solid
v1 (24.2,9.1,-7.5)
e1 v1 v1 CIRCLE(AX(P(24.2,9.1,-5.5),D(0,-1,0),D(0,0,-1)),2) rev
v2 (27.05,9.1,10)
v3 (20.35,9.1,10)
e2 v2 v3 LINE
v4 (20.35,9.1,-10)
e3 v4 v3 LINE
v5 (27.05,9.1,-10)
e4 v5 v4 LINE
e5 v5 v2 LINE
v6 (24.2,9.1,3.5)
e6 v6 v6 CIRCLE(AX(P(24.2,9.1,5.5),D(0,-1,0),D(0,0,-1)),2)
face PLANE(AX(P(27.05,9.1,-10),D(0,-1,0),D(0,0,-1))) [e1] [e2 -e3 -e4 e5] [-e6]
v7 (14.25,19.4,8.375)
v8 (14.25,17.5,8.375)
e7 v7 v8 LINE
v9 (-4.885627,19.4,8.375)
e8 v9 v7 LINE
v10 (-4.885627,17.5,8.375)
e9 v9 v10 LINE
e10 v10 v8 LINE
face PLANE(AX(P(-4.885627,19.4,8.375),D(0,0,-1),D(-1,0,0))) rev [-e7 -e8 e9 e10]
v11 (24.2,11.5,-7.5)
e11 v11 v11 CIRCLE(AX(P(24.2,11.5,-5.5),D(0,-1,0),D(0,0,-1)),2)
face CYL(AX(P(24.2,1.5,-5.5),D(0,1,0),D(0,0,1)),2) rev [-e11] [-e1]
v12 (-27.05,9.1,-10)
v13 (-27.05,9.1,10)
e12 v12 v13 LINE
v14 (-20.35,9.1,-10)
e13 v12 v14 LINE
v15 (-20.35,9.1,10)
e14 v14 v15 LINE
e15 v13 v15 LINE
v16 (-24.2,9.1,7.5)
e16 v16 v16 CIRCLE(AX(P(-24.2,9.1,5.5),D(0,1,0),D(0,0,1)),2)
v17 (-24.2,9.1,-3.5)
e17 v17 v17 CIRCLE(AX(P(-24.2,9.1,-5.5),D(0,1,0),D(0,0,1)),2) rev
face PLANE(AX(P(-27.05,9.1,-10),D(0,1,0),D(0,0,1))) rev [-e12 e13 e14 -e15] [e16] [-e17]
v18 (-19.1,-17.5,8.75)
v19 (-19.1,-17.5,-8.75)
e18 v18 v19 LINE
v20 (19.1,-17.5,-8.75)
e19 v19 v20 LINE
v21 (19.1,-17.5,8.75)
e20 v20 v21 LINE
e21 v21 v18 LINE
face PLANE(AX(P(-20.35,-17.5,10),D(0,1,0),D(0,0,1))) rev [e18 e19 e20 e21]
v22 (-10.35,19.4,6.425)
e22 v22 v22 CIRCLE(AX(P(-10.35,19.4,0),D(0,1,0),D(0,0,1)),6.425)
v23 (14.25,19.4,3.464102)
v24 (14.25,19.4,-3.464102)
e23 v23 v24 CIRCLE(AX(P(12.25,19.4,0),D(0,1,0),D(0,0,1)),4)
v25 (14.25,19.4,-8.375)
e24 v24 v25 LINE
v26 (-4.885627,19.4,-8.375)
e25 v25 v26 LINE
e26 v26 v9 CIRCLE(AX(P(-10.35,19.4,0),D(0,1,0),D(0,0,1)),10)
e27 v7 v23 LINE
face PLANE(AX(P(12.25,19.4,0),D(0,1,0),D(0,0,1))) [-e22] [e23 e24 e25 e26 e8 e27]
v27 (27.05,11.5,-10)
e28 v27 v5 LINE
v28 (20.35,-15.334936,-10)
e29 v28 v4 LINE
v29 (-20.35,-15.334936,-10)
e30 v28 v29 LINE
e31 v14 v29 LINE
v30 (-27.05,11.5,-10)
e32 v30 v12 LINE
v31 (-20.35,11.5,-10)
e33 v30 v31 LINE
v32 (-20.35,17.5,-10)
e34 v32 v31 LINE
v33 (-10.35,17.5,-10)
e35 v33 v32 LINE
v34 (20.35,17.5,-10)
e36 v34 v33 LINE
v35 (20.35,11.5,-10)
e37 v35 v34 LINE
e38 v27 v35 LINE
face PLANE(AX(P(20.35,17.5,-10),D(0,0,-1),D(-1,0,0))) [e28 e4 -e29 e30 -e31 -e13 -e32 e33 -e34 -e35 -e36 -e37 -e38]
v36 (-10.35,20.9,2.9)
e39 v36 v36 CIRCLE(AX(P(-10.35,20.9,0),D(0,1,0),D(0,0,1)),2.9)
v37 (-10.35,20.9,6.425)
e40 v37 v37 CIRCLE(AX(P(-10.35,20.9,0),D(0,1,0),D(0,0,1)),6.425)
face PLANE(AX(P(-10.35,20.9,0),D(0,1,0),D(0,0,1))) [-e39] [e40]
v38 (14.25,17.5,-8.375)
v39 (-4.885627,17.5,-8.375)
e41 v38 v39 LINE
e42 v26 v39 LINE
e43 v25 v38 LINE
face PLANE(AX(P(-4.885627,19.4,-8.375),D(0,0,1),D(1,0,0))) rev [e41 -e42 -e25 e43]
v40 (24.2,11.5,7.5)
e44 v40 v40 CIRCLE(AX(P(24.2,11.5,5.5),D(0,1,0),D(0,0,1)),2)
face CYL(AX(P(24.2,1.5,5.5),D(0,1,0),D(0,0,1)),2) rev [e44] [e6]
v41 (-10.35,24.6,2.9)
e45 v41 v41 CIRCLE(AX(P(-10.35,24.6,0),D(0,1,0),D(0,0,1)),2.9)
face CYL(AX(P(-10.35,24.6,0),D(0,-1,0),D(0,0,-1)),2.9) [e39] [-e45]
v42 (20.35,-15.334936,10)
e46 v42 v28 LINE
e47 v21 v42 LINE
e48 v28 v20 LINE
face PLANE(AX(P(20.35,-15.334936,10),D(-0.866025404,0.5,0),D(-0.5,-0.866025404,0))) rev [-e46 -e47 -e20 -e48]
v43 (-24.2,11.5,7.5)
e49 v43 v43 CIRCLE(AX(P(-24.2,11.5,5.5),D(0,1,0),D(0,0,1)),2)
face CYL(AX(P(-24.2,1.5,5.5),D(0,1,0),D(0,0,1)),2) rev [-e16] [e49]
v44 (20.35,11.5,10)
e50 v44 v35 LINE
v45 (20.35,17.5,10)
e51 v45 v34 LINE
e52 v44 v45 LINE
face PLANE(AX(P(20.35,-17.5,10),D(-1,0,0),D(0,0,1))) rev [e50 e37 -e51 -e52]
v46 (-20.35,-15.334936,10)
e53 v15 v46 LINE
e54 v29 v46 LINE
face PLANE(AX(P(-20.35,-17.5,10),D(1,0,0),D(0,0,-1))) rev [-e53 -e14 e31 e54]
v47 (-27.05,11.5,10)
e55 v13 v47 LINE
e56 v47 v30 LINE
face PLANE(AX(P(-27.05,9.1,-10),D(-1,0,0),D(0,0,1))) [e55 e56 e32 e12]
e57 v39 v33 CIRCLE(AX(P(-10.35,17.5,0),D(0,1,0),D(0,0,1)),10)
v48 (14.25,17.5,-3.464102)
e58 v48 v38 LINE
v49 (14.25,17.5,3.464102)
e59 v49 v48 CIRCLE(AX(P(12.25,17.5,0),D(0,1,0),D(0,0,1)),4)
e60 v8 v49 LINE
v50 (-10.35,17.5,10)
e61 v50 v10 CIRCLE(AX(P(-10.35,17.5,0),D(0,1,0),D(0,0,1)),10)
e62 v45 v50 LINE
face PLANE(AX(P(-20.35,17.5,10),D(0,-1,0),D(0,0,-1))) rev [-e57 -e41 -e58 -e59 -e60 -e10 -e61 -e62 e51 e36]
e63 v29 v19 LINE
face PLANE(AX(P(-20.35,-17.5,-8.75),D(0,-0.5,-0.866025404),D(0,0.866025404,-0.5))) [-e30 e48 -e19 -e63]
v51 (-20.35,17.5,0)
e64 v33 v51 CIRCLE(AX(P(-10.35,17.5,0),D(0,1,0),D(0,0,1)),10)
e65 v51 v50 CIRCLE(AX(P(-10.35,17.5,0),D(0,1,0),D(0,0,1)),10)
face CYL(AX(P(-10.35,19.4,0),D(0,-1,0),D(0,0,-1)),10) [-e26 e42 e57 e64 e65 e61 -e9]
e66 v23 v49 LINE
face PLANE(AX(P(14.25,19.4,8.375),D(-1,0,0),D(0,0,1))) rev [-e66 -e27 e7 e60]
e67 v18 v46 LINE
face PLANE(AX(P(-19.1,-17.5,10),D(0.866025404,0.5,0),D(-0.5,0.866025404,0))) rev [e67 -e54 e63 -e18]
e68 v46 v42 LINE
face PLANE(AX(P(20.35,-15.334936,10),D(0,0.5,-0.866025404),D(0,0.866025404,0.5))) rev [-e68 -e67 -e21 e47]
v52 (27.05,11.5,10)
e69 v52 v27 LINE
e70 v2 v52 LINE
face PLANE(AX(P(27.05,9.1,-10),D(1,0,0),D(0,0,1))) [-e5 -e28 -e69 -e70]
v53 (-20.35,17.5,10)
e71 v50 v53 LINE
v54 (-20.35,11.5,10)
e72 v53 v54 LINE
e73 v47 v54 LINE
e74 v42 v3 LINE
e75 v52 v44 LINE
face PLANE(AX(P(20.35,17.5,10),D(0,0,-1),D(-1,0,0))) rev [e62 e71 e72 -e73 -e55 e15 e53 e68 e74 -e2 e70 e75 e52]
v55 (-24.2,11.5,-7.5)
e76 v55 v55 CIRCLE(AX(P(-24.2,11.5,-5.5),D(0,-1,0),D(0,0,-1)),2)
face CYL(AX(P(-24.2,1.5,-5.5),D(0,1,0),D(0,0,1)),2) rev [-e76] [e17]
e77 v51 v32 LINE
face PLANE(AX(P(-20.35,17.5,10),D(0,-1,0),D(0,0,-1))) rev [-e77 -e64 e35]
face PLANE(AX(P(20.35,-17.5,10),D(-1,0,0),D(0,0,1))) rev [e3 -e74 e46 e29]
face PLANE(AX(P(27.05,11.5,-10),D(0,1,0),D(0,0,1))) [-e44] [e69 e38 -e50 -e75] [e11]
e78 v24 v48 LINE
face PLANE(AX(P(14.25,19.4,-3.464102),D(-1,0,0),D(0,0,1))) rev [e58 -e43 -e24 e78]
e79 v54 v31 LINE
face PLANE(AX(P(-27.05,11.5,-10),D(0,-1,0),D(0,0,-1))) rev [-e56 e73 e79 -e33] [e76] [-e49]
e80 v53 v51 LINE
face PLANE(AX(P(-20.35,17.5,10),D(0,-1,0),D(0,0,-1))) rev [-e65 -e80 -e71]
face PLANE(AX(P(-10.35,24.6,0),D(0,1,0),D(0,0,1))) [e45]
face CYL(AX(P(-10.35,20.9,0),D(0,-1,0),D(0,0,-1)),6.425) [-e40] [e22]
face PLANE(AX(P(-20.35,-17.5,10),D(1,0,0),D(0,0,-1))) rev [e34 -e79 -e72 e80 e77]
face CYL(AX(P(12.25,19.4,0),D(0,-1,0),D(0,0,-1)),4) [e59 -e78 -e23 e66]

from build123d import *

# Parameters (mm, degrees)
ESQUISSE1_W                = 40.7
ESQUISSE1_H                = 35
EXTRUSION1_DEPTH           = 10
ESQUISSE2_W                = 20
ESQUISSE2_H                = 2.4
EXTRUSION2_DEPTH           = 6.7
CHANFREIN1_SIZE            = 1.25
CHANFREIN1_SIZE2           = 2.165063509
EXTRUSION3_DEPTH           = 1.9
ESQUISSE4_R                = 6.425
EXTRUSION4_DEPTH           = 1.5
ESQUISSE5_R                = 2
EXTRUSION5_DEPTH           = 10
R_P_TITION_LIN_AIRE1_COUNT = 2
R_P_TITION_LIN_AIRE1_PITCH = 48.4
SYM_TRIE2_COPY_1_SKETCH_R  = 2
SYM_TRIE2_COPY_1_DEPTH     = 10
ESQUISSE6_R                = 2.9
EXTRUSION6_DEPTH           = 3.7


with BuildPart() as part:
    # Esquisse1 → Extrusion1 (new, symmetric)
    with BuildSketch(Plane.XY):
        Rectangle(ESQUISSE1_W, ESQUISSE1_H)
    extrude(amount=EXTRUSION1_DEPTH, both=True)

    # Esquisse2 → Extrusion2 (add)
    with BuildSketch(Plane.ZY.offset(20.35)):
        with Locations((0, 10.3)):
            Rectangle(ESQUISSE2_W, ESQUISSE2_H)
    extrusion2 = extrude(amount=EXTRUSION2_DEPTH)

    # Symétrie1: Extrusion2 across plane
    add(extrusion2.mirror(Plane(origin=(0, 0, 0), x_dir=(0, 0, 1), z_dir=(1, 0, 0))))

    # Chanfrein1
    chanfrein1_edges = [part.edges().sort_by_distance(p)[0] for p in [
        (-20.35, -17.5, 0),
        (0, -17.5, -10),
        (20.35, -17.5, 0),
        (0, -17.5, 10),
    ]]
    chanfrein1_side = [part.faces().sort_by_distance(p)[0] for p in [
        (0, -17.5, 0),
    ]]
    chamfer(chanfrein1_edges, length=CHANFREIN1_SIZE, length2=CHANFREIN1_SIZE2, reference=chanfrein1_side[0])

    # Esquisse3 → Extrusion3 (add)
    with BuildSketch(Plane(origin=(0, 17.5, 0), x_dir=(1, 0, 0), z_dir=(0, 1, 0))):
        with BuildLine():
            Line((-4.885626751, -8.375), (14.25, -8.375))
            Line((14.25, -8.375), (14.25, -3.464101615))
            ThreePointArc((14.25, -3.464101615), (16.25, 0), (14.25, 3.464101615))
            Line((14.25, 3.464101615), (14.25, 8.375))
            Line((14.25, 8.375), (-4.885626751, 8.375))
            ThreePointArc((-4.885626751, 8.375), (-20.35, 0), (-4.885626751, -8.375))
        make_face()
    extrude(amount=EXTRUSION3_DEPTH)

    # Esquisse4 → Extrusion4 (add)
    with BuildSketch(Plane(origin=(0, 19.4, 0), x_dir=(1, 0, 0), z_dir=(0, 1, 0))):
        with Locations(Location((-10.35, 0, 0), (0, 0, 270))):
            Circle(ESQUISSE4_R)
    extrude(amount=EXTRUSION4_DEPTH)

    # Esquisse5 → Extrusion5 (cut)
    with BuildSketch(Plane(origin=(0, 11.5, 0), x_dir=(1, 0, 0), z_dir=(0, 1, 0))):
        with Locations(Location((24.2, -5.5, 0), (0, 0, 270))):
            Circle(ESQUISSE5_R)
    extrusion5 = extrude(amount=-EXTRUSION5_DEPTH, mode=Mode.SUBTRACT)

    # Répétition linéaire1: Extrusion5 ×2
    with Locations(*[(-i * R_P_TITION_LIN_AIRE1_PITCH, 0, 0) for i in range(1, R_P_TITION_LIN_AIRE1_COUNT)]):
        add(extrusion5, mode=Mode.SUBTRACT)

    # Symétrie2: Extrusion5 across plane
    add(extrusion5.mirror(Plane.XY), mode=Mode.SUBTRACT)

    # Symétrie2 copy 1 sketch → Symétrie2 copy 1 (cut)
    with BuildSketch(Plane(origin=(-48.4, 11.5, 0), x_dir=(1, 0, 0), z_dir=(0, 1, 0))):
        with Locations((24.2, 5.5)):
            Circle(SYM_TRIE2_COPY_1_SKETCH_R)
    extrude(amount=-SYM_TRIE2_COPY_1_DEPTH, mode=Mode.SUBTRACT)

    # Esquisse6 → Extrusion6 (add)
    with BuildSketch(Plane(origin=(0, 20.9, 0), x_dir=(1, 0, 0), z_dir=(0, 1, 0))):
        with Locations(Location((-10.35, 0, 0), (0, 0, 270))):
            Circle(ESQUISSE6_R)
    extrude(amount=EXTRUSION6_DEPTH)


solid = part.part
